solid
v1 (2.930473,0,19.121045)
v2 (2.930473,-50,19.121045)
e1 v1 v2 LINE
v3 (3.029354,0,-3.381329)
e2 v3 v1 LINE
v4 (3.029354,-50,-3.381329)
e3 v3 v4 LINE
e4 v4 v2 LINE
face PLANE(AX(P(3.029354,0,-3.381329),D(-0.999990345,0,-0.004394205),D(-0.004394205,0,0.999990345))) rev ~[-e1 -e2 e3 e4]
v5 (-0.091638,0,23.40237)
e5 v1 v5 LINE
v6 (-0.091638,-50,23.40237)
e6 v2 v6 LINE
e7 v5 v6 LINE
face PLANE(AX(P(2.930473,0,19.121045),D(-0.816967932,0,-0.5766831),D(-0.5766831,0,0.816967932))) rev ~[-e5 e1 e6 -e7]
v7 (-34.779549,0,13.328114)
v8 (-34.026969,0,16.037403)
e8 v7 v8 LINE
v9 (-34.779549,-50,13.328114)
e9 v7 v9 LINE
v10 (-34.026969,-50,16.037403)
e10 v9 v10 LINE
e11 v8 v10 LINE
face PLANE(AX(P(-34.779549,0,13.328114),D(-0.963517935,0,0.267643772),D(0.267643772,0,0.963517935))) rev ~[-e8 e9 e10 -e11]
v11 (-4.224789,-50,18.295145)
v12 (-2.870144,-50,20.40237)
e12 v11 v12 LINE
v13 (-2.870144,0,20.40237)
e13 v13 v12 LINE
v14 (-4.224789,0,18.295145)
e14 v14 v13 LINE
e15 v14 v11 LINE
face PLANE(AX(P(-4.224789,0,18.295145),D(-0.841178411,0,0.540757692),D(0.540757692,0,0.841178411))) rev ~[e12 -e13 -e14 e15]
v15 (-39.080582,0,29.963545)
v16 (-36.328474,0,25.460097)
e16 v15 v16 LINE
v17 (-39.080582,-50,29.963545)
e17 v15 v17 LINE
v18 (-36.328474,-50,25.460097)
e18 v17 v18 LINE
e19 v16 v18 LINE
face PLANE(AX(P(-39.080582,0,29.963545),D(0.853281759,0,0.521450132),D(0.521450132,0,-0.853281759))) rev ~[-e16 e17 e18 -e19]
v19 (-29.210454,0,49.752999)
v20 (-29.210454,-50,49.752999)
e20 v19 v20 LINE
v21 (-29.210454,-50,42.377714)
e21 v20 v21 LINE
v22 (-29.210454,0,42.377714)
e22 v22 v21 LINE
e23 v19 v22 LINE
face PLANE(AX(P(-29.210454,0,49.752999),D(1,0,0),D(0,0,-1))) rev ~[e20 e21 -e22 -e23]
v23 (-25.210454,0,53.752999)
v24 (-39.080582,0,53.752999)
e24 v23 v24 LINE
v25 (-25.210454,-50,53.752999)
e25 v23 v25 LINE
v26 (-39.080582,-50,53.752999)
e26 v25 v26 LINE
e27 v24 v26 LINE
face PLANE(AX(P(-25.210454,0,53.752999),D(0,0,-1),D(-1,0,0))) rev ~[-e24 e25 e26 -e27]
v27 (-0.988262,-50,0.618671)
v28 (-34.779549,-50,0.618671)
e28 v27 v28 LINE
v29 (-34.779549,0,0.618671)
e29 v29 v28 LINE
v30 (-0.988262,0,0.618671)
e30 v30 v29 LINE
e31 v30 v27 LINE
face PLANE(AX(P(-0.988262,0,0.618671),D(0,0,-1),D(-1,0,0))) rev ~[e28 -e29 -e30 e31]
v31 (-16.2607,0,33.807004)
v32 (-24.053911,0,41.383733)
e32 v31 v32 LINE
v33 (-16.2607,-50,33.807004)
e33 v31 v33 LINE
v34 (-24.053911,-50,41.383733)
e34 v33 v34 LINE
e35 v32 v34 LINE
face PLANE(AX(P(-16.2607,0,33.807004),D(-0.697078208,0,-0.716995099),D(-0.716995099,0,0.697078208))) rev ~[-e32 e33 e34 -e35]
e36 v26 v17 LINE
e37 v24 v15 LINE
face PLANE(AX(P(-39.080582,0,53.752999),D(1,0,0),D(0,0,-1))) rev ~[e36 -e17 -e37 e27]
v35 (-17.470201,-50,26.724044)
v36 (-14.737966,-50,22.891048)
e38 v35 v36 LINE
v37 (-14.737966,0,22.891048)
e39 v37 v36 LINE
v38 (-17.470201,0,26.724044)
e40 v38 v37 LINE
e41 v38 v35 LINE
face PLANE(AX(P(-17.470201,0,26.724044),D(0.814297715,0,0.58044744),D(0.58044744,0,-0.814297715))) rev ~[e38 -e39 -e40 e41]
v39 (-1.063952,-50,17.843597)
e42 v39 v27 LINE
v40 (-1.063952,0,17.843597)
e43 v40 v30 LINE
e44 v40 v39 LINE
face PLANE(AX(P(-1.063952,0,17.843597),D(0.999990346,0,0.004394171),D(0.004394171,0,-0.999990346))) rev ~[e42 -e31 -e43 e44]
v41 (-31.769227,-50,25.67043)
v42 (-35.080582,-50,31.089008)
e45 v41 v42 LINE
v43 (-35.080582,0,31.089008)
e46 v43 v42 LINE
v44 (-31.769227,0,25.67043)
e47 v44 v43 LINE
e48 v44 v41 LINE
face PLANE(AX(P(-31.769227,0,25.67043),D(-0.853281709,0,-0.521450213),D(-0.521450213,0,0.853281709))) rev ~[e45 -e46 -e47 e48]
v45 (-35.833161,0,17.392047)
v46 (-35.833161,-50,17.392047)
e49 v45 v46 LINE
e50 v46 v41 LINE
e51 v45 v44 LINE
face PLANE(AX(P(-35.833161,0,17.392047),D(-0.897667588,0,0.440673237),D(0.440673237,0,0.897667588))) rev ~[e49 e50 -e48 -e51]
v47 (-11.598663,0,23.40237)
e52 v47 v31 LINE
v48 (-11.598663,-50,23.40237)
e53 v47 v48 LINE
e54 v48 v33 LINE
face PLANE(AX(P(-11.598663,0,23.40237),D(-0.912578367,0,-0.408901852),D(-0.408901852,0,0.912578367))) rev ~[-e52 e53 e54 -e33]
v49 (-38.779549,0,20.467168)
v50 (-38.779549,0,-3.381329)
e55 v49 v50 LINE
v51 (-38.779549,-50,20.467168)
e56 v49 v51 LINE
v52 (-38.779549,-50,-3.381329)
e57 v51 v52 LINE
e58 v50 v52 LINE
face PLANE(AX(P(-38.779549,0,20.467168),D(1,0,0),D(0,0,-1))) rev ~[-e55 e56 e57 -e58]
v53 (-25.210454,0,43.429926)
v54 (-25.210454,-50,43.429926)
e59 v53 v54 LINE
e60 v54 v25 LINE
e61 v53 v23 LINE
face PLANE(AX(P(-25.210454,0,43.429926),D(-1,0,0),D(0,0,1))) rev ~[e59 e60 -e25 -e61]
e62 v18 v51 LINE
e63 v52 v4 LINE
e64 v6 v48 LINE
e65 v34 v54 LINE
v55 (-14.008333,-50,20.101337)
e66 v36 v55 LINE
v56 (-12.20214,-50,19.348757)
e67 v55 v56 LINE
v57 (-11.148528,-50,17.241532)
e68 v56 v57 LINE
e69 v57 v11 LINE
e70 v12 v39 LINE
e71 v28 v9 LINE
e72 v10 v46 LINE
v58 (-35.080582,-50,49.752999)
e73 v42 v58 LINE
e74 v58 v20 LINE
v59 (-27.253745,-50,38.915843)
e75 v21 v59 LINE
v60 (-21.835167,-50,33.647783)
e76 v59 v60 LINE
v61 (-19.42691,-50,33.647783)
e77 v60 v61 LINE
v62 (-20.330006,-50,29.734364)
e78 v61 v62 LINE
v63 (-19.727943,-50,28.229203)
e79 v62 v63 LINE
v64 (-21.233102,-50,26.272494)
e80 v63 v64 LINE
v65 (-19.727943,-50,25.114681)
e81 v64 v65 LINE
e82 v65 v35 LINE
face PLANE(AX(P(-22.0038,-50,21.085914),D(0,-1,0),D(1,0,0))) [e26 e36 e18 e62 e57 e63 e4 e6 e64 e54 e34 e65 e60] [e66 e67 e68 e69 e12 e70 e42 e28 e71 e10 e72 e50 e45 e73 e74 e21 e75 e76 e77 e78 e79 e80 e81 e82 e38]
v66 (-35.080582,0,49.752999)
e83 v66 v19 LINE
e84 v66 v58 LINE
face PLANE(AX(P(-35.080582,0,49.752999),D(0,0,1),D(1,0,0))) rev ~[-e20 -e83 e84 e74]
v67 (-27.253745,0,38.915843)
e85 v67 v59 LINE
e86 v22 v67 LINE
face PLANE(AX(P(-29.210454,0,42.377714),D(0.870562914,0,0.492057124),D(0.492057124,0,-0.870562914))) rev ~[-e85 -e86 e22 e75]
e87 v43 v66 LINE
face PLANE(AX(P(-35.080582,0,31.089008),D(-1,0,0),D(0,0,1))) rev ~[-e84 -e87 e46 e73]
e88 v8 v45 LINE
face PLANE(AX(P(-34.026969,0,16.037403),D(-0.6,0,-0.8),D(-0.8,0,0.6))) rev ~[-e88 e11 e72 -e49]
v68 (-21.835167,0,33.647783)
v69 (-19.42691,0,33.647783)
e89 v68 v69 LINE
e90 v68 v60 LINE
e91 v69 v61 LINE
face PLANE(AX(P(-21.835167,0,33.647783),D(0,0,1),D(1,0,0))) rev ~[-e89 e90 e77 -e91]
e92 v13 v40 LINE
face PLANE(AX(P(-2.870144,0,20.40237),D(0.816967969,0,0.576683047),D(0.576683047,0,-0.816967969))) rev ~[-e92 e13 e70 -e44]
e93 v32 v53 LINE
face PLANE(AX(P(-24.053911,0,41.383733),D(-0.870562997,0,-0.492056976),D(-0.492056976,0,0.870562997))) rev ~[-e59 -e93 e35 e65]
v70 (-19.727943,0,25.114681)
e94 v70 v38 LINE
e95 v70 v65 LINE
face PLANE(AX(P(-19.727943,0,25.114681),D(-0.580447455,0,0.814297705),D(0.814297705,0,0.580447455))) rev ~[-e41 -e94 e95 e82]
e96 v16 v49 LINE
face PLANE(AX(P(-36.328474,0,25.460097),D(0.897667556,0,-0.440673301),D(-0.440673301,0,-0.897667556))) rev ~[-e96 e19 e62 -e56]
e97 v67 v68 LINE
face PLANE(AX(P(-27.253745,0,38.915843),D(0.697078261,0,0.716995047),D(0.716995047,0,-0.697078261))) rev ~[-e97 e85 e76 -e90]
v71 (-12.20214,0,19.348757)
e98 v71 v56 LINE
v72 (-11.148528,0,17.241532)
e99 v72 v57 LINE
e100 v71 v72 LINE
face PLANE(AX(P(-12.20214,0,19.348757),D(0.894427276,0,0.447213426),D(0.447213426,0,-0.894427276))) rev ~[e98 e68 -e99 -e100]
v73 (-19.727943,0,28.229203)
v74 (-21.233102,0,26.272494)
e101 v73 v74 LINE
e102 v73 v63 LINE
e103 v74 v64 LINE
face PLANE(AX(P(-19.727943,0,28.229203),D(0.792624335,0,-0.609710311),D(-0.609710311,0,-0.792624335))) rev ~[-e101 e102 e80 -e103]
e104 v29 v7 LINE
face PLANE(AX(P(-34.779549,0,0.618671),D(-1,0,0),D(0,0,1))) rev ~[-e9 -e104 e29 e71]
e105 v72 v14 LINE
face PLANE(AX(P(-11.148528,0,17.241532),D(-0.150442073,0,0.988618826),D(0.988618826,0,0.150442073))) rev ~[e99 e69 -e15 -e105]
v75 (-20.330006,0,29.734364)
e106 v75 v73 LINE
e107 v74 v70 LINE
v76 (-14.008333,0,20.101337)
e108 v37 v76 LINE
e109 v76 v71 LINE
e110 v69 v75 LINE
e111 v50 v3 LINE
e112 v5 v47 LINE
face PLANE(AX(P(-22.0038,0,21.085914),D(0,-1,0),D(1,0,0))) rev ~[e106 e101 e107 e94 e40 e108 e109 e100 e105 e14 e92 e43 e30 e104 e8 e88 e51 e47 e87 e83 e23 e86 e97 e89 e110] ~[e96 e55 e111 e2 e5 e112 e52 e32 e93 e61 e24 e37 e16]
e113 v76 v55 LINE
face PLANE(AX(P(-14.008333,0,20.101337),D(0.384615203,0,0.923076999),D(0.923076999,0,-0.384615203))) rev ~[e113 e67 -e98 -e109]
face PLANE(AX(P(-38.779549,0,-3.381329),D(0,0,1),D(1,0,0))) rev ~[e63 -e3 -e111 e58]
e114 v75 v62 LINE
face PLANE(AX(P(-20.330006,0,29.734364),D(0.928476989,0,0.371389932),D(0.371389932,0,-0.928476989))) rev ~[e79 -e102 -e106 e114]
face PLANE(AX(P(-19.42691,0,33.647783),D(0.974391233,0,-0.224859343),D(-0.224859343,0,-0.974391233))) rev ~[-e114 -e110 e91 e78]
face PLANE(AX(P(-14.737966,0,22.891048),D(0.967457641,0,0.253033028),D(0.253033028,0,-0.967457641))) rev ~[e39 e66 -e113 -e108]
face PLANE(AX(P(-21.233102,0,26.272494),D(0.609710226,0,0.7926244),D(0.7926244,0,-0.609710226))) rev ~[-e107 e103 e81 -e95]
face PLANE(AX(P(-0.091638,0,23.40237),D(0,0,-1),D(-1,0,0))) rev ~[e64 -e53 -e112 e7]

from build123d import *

# Parameters (mm, degrees)
F1_DEPTH = 50


with BuildPart() as f1:
    # F0 (on Front) → F1 (new body)
    with BuildSketch(Plane.XZ):
        Polygon((-39.080582, 53.752999), (-39.080582, 29.963545), (-36.328474, 25.460097), (-38.779549, 20.467168), (-38.779549, -3.381329), (3.029354, -3.381329), (2.930473, 19.121045), (-0.091638, 23.40237), (-11.598663, 23.40237), (-16.2607, 33.807004), (-24.053911, 41.383733), (-25.210454, 43.429926), (-25.210454, 53.752999), align=None)
        Polygon((-1.063952, 17.843597), (-0.988262, 0.618671), (-34.779549, 0.618671), (-34.779549, 13.328114), (-34.026969, 16.037403), (-35.833161, 17.392047), (-31.769227, 25.67043), (-35.080582, 31.089008), (-35.080582, 49.752999), (-29.210454, 49.752999), (-29.210454, 42.377714), (-27.253745, 38.915843), (-21.835167, 33.647783), (-19.42691, 33.647783), (-20.330006, 29.734364), (-19.727943, 28.229203), (-21.233102, 26.272494), (-19.727943, 25.114681), (-17.470201, 26.724044), (-14.737966, 22.891048), (-14.008333, 20.101337), (-12.20214, 19.348757), (-11.148528, 17.241532), (-4.224789, 18.295145), (-2.870144, 20.40237), align=None, mode=Mode.SUBTRACT)
    extrude(amount=F1_DEPTH)


solid = f1.part
